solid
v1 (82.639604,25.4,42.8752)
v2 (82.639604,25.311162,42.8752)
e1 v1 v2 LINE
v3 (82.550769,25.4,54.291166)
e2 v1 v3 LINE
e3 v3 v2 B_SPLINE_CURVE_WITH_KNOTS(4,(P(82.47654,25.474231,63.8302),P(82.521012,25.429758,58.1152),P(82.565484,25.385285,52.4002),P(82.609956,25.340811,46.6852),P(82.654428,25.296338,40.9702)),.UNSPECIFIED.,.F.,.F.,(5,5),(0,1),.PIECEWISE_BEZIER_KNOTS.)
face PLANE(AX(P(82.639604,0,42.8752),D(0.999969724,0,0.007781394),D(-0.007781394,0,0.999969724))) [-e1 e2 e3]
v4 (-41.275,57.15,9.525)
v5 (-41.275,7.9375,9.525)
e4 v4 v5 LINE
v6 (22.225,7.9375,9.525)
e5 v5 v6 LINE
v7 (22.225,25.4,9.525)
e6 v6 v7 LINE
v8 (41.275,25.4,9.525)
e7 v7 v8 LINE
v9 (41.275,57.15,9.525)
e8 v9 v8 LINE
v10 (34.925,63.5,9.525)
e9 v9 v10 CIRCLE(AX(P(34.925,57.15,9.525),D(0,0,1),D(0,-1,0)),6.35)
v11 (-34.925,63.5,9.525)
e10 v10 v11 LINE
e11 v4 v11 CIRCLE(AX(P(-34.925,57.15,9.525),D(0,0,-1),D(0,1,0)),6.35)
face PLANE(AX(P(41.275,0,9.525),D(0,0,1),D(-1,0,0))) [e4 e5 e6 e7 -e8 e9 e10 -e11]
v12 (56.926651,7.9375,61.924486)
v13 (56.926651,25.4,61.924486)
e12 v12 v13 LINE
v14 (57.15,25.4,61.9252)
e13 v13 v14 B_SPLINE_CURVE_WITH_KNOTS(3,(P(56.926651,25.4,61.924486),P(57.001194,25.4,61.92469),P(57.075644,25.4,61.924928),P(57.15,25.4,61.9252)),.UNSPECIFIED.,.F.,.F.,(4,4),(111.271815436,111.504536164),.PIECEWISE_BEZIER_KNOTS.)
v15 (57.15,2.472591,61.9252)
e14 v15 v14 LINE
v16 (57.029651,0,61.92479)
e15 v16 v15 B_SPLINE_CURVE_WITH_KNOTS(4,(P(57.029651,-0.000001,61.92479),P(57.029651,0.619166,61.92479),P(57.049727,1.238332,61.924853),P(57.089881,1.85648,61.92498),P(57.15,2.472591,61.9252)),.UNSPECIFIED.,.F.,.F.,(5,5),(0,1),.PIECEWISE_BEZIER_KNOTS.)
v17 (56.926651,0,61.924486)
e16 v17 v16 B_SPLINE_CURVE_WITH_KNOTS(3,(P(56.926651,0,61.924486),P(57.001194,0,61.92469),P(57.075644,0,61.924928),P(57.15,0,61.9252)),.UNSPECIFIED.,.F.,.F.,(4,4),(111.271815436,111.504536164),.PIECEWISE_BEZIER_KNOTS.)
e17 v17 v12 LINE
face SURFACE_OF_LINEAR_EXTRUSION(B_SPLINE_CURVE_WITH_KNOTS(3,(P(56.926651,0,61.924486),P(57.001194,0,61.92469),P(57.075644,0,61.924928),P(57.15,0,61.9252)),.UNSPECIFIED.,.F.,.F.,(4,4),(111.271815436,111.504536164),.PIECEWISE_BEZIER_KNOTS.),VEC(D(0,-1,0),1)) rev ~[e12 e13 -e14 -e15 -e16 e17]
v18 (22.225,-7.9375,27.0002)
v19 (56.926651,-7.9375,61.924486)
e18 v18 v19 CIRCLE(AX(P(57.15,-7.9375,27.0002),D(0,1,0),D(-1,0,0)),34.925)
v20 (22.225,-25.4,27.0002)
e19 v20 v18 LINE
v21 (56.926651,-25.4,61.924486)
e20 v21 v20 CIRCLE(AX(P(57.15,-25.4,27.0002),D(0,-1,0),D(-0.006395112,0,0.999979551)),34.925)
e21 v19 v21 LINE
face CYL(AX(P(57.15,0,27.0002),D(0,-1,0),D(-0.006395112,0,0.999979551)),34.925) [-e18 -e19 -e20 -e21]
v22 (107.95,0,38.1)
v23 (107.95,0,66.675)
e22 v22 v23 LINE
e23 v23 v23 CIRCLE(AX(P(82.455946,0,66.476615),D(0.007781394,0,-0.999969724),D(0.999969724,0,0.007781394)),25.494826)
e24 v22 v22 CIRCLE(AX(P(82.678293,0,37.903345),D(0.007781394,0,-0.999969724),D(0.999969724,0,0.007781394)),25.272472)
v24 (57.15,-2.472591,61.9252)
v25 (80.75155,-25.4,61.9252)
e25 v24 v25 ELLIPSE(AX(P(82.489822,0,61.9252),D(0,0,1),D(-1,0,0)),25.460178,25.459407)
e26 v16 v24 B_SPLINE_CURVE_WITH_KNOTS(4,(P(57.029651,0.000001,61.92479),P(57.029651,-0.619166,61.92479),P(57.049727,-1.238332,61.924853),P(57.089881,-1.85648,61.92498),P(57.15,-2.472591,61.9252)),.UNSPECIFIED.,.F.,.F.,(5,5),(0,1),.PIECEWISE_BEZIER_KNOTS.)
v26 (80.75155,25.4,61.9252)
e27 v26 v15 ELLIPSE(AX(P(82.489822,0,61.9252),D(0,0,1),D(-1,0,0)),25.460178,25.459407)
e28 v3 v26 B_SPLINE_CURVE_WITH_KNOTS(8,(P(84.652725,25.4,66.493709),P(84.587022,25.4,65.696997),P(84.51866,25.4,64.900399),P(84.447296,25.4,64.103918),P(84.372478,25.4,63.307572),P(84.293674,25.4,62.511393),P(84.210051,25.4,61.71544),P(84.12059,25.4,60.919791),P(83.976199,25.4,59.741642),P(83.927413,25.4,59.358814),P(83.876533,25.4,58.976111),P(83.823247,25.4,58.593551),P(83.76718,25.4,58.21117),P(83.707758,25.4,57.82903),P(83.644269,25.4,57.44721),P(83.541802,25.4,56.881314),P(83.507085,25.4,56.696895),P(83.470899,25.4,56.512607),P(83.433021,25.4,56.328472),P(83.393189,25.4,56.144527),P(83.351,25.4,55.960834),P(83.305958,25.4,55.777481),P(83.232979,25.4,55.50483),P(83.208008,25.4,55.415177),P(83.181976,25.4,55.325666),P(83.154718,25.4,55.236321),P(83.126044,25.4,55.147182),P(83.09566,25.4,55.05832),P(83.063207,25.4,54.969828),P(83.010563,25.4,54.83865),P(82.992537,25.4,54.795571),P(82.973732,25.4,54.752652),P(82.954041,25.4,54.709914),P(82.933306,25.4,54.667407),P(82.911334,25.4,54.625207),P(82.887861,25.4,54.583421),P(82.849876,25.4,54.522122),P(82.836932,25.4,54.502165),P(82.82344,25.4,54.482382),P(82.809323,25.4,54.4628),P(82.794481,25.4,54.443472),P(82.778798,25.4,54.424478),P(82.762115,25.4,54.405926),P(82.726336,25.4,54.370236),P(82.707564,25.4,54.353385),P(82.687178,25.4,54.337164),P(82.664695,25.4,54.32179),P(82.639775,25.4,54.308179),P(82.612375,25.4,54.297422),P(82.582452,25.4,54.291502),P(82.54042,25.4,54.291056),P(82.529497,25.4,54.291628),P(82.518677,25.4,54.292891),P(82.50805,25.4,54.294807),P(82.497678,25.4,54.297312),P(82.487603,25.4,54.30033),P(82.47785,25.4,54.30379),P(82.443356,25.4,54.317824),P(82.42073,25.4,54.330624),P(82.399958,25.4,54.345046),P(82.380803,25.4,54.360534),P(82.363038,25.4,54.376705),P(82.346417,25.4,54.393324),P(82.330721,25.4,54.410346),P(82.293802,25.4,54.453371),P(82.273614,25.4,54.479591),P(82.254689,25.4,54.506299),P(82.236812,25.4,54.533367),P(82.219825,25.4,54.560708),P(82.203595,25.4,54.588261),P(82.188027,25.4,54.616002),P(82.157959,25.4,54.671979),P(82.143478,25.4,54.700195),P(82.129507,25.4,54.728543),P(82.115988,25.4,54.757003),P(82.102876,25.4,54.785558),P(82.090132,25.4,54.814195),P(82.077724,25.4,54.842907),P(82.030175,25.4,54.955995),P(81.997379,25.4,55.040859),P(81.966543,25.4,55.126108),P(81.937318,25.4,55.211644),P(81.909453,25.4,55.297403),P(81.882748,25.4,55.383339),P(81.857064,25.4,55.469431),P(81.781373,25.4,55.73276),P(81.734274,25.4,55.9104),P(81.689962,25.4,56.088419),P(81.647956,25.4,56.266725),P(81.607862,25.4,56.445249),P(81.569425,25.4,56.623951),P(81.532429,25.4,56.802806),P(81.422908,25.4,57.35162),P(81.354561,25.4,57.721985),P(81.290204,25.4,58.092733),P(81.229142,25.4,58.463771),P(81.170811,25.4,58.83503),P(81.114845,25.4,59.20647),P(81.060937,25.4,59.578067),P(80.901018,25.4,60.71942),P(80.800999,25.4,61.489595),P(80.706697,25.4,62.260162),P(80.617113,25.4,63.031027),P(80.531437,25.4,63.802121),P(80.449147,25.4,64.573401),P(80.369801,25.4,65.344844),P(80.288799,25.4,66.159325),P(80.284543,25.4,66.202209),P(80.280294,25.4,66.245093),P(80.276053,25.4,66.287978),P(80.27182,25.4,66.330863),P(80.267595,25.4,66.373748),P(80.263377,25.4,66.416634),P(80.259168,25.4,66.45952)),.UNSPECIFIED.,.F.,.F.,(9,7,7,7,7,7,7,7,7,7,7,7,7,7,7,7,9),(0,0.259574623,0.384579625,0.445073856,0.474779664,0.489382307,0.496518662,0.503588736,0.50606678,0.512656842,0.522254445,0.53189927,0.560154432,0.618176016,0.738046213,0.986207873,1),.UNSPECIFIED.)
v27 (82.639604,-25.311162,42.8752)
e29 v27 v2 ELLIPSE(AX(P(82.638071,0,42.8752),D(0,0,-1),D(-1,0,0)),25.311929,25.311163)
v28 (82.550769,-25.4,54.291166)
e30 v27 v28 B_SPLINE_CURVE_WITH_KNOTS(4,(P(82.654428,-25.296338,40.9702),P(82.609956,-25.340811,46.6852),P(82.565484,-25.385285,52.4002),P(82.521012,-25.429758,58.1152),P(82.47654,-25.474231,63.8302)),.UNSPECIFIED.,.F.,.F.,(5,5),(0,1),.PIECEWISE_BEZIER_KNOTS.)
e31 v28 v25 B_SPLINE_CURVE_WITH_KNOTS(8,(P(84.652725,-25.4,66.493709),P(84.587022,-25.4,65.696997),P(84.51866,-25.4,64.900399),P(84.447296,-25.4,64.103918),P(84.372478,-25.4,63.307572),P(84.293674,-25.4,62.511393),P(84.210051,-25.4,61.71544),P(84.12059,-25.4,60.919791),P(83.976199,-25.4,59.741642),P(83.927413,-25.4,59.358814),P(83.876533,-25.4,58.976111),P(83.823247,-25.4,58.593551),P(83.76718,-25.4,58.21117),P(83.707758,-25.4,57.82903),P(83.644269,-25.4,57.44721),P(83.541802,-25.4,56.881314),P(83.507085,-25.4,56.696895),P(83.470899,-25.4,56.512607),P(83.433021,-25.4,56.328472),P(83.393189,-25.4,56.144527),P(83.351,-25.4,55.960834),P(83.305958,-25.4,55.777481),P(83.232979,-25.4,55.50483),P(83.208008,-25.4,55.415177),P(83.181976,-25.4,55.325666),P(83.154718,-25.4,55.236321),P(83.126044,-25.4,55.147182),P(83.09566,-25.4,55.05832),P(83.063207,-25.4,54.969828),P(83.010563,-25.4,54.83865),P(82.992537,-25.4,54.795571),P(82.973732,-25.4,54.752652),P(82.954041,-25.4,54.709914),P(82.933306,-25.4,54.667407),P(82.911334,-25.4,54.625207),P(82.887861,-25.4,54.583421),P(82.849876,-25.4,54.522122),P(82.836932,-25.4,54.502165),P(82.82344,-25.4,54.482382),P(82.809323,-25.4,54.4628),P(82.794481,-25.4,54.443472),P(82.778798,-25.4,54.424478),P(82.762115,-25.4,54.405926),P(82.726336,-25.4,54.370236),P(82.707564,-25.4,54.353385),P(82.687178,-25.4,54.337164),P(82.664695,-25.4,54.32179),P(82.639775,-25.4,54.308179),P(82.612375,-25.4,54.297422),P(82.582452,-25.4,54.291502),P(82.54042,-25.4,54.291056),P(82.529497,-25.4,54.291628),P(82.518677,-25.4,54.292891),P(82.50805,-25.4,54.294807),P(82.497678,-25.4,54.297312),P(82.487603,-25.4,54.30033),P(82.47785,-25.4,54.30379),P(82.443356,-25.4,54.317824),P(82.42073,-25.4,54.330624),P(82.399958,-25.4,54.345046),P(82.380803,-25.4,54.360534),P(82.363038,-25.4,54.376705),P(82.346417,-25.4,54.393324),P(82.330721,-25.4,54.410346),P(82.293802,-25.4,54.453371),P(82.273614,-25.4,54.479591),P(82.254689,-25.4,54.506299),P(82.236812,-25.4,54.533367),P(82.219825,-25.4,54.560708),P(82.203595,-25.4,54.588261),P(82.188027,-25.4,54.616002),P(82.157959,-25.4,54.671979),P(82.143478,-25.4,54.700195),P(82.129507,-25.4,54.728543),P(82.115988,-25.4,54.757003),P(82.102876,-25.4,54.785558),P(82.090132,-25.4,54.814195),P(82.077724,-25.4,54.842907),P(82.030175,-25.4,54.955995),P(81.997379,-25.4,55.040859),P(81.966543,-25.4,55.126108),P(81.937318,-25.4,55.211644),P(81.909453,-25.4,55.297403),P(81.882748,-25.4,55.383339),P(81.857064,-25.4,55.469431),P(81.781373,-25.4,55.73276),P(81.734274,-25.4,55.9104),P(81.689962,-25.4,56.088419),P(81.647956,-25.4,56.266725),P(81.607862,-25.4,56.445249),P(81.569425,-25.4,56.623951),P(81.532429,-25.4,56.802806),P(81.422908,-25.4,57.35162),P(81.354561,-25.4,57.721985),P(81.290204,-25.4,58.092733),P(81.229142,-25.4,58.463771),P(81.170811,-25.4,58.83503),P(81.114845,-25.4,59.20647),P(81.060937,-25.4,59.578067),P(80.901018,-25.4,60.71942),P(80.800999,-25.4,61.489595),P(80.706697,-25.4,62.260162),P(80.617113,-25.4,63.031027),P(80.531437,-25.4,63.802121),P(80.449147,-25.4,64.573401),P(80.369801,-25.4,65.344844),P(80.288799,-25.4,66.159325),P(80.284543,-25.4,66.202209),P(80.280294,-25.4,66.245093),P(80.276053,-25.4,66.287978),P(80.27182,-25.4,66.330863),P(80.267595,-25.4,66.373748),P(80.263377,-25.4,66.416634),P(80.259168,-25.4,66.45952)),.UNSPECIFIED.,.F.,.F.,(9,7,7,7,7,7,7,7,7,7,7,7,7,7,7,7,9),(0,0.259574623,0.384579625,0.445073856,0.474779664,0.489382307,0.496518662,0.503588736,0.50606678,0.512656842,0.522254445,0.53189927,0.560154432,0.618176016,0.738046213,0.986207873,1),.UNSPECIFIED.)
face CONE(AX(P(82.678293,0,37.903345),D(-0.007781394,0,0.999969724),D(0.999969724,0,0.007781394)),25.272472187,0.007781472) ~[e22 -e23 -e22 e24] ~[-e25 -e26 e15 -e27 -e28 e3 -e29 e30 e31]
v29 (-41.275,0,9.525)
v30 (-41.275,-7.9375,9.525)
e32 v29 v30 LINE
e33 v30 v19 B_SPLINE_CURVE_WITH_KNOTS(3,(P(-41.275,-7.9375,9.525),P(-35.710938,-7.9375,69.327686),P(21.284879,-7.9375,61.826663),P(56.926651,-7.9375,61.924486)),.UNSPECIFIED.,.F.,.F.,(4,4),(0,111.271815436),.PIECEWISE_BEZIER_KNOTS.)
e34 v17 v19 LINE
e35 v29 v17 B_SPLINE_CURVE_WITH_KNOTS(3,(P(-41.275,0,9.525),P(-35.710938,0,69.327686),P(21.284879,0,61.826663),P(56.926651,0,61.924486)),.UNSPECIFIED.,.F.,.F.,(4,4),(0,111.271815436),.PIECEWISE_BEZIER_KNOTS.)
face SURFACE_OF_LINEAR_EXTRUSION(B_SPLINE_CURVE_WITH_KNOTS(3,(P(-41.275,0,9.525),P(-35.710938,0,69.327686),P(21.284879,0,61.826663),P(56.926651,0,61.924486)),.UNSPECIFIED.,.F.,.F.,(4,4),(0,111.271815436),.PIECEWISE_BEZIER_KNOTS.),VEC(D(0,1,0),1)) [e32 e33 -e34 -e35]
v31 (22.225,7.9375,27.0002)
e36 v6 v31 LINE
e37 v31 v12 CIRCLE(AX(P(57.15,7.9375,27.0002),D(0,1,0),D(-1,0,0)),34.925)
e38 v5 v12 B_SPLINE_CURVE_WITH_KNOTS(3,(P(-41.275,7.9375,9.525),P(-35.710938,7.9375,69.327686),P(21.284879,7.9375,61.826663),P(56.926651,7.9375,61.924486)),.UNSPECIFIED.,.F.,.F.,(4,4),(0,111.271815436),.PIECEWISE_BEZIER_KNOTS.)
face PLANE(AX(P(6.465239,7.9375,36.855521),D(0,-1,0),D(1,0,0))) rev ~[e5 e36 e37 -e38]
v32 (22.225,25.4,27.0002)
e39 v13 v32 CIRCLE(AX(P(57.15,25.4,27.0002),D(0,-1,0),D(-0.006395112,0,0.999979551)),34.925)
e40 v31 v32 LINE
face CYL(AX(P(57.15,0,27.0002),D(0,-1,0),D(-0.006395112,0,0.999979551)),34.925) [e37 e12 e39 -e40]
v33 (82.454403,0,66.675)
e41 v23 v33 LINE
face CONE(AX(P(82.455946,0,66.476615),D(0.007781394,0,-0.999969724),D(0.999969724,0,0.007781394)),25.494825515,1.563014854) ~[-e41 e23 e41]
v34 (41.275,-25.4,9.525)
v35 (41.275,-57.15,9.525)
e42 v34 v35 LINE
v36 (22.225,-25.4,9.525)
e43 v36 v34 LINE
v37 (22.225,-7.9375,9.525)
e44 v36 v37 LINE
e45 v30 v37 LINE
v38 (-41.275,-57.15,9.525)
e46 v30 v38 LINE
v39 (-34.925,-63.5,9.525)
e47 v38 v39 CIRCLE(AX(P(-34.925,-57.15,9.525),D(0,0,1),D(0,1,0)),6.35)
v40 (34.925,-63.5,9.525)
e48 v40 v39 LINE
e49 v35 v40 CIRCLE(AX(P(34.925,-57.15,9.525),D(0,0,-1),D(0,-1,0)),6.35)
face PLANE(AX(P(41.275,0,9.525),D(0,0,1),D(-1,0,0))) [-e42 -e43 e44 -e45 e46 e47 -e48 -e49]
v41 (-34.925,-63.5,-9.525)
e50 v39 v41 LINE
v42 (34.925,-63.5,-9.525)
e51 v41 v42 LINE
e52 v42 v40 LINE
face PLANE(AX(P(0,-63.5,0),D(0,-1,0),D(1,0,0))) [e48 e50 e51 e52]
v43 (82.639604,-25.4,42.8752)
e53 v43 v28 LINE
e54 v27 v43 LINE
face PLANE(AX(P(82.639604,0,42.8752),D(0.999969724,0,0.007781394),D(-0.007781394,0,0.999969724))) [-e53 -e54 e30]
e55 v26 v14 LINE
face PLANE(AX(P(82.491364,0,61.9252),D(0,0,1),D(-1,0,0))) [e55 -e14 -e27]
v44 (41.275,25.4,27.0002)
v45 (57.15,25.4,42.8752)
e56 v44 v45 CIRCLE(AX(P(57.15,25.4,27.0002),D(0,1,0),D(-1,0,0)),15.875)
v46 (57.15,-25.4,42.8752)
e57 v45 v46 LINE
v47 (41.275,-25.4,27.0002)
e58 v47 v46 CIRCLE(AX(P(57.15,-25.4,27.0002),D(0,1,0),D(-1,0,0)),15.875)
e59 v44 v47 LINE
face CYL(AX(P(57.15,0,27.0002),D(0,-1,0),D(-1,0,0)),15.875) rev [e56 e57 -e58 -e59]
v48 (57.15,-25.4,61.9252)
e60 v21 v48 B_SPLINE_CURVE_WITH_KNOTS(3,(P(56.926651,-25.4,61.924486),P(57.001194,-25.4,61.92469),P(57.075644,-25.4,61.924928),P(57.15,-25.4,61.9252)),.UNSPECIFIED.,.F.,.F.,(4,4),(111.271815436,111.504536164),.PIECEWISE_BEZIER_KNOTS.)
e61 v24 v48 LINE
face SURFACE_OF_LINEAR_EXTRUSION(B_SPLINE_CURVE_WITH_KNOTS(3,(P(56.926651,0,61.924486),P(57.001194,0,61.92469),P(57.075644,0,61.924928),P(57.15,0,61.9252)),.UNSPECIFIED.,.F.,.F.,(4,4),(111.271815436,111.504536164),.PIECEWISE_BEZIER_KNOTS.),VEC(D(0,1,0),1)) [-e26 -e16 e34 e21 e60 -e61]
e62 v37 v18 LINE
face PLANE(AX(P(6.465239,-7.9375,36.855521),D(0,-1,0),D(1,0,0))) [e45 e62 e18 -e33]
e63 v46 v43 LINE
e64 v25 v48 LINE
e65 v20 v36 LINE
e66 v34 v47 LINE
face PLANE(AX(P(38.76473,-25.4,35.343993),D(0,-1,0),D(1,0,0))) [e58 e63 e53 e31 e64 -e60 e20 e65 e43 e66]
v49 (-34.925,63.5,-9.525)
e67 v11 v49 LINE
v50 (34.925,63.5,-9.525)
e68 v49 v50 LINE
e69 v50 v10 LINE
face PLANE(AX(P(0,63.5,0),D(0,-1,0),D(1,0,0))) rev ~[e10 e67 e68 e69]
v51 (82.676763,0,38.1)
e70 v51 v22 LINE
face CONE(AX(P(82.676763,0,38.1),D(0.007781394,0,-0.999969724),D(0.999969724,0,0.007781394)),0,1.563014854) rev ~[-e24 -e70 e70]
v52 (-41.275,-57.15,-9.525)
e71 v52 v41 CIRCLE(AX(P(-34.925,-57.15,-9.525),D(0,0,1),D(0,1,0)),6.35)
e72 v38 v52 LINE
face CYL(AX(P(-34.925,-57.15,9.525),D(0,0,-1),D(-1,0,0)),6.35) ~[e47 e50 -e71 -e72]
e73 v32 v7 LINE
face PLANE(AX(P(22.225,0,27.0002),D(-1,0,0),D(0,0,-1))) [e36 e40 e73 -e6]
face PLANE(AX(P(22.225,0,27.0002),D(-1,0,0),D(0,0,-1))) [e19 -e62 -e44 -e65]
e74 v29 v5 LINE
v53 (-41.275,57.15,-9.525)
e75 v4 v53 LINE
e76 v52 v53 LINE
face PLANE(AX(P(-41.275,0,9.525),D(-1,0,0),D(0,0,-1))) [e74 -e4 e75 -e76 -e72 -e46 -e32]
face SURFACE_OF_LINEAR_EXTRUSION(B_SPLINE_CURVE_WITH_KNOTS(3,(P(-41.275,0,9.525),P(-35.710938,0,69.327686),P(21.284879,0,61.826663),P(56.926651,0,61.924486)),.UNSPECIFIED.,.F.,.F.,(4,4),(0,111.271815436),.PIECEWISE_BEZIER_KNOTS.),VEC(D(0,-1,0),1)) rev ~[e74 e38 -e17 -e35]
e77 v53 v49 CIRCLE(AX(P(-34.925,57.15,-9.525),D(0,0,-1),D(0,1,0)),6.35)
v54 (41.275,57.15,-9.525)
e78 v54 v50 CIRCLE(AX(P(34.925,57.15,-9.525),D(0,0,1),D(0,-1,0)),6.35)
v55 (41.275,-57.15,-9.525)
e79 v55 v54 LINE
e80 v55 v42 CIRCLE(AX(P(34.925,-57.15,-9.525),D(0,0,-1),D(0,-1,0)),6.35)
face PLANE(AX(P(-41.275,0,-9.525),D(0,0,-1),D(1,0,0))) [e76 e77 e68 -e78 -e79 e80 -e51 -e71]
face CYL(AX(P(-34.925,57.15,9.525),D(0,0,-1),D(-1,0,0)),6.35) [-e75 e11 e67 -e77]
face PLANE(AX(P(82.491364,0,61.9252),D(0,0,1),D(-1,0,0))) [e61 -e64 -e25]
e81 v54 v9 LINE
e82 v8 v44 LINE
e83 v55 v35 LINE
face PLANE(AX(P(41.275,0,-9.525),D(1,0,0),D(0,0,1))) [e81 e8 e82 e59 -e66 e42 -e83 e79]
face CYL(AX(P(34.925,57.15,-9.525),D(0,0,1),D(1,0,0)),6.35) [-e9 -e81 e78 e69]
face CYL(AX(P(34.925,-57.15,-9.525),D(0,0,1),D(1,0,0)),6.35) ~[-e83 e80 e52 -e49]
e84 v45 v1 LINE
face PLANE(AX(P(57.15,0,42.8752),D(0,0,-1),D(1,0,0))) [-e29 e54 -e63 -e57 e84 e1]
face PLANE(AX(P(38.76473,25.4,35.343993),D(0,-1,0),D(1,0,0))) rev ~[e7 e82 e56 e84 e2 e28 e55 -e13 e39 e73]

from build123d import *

# Parameters (mm, degrees)
F1_DEPTH = 63.5
F2_DEPTH = 25.4
F3_DEPTH = 7.9375
F5_R     = 6.35


with BuildPart() as f1:
    # F0 (on Front) → F1 (new body, symmetric)
    with BuildSketch(Plane.XZ):
        Polygon((41.275, -9.525), (41.275, 9.525), (22.225, 9.525), (-41.275, 9.525), (-41.275, -9.525), align=None)
    extrude(amount=F1_DEPTH, both=True)

    # F0 (on Front) → F2 (join, symmetric)
    with BuildSketch(Plane.XZ):
        with BuildLine():
            Line((22.225, 9.525), (41.275, 9.525))
            Line((41.275, 9.525), (41.275, 27.0002))
            ThreePointArc((41.275, 27.0002), (45.9246798487, 38.2255201513), (57.15, 42.8752))
            Line((57.15, 42.8752), (57.15, 61.9252))
            add(Edge.make_bspline(
                [(56.9266506974, 61.9244858207), (57.001194094, 61.9246904131), (57.0756440835, 61.9249282445), (57.15, 61.9252)],
                knots=[111.2718154364, 111.2718154364, 111.2718154364, 111.2718154364, 111.5045361635, 111.5045361635, 111.5045361635, 111.5045361635], degree=3))
            ThreePointArc((56.9266506974, 61.9244858207), (32.3754556107, 51.6168117754), (22.225, 27.0002))
            Line((22.225, 27.0002), (22.225, 9.525))
        make_face()
        Polygon((57.15, 61.9252), (57.15, 42.8752), (82.639603816, 42.8752), (82.4913637761, 61.9252), align=None)
    extrude(amount=F2_DEPTH, both=True)

    # F0 (on Front) → F3 (join, symmetric)
    with BuildSketch(Plane.XZ):
        with BuildLine():
            Line((-41.275, 9.525), (22.225, 9.525))
            Line((22.225, 9.525), (22.225, 27.0002))
            ThreePointArc((22.225, 27.0002), (32.3754556107, 51.6168117754), (56.9266506974, 61.9244858207))
            add(Edge.make_bspline(
                [(-41.275, 9.525), (-35.7109377895, 69.3276862996), (21.2848788051, 61.8266631405), (56.9266506974, 61.9244858207)],
                knots=[0, 0, 0, 0, 111.2718154364, 111.2718154364, 111.2718154364, 111.2718154364], degree=3))
        make_face()
    extrude(amount=F3_DEPTH, both=True)

    # F0 (on Front) → F4 (revolve)
    with BuildSketch(Plane.XZ):
        Polygon((82.4913637761, 61.9252), (82.639603816, 42.8752), (82.6767626526, 38.1), (107.95, 38.1), (107.95, 66.675), (82.4544025928, 66.675), align=None)
    revolve(axis=Axis((82.5655826227, 0, 52.3875), (0.0077813938, 0, -0.9999697245)))

    # F5
    f5_edges = [f1.edges().sort_by_distance(p)[0] for p in [
        (41.275, -63.5, 0),
        (-41.275, -63.5, 0),
        (41.275, 63.5, 0),
        (-41.275, 63.5, 0),
    ]]
    fillet(f5_edges, radius=F5_R)


solid = f1.part
